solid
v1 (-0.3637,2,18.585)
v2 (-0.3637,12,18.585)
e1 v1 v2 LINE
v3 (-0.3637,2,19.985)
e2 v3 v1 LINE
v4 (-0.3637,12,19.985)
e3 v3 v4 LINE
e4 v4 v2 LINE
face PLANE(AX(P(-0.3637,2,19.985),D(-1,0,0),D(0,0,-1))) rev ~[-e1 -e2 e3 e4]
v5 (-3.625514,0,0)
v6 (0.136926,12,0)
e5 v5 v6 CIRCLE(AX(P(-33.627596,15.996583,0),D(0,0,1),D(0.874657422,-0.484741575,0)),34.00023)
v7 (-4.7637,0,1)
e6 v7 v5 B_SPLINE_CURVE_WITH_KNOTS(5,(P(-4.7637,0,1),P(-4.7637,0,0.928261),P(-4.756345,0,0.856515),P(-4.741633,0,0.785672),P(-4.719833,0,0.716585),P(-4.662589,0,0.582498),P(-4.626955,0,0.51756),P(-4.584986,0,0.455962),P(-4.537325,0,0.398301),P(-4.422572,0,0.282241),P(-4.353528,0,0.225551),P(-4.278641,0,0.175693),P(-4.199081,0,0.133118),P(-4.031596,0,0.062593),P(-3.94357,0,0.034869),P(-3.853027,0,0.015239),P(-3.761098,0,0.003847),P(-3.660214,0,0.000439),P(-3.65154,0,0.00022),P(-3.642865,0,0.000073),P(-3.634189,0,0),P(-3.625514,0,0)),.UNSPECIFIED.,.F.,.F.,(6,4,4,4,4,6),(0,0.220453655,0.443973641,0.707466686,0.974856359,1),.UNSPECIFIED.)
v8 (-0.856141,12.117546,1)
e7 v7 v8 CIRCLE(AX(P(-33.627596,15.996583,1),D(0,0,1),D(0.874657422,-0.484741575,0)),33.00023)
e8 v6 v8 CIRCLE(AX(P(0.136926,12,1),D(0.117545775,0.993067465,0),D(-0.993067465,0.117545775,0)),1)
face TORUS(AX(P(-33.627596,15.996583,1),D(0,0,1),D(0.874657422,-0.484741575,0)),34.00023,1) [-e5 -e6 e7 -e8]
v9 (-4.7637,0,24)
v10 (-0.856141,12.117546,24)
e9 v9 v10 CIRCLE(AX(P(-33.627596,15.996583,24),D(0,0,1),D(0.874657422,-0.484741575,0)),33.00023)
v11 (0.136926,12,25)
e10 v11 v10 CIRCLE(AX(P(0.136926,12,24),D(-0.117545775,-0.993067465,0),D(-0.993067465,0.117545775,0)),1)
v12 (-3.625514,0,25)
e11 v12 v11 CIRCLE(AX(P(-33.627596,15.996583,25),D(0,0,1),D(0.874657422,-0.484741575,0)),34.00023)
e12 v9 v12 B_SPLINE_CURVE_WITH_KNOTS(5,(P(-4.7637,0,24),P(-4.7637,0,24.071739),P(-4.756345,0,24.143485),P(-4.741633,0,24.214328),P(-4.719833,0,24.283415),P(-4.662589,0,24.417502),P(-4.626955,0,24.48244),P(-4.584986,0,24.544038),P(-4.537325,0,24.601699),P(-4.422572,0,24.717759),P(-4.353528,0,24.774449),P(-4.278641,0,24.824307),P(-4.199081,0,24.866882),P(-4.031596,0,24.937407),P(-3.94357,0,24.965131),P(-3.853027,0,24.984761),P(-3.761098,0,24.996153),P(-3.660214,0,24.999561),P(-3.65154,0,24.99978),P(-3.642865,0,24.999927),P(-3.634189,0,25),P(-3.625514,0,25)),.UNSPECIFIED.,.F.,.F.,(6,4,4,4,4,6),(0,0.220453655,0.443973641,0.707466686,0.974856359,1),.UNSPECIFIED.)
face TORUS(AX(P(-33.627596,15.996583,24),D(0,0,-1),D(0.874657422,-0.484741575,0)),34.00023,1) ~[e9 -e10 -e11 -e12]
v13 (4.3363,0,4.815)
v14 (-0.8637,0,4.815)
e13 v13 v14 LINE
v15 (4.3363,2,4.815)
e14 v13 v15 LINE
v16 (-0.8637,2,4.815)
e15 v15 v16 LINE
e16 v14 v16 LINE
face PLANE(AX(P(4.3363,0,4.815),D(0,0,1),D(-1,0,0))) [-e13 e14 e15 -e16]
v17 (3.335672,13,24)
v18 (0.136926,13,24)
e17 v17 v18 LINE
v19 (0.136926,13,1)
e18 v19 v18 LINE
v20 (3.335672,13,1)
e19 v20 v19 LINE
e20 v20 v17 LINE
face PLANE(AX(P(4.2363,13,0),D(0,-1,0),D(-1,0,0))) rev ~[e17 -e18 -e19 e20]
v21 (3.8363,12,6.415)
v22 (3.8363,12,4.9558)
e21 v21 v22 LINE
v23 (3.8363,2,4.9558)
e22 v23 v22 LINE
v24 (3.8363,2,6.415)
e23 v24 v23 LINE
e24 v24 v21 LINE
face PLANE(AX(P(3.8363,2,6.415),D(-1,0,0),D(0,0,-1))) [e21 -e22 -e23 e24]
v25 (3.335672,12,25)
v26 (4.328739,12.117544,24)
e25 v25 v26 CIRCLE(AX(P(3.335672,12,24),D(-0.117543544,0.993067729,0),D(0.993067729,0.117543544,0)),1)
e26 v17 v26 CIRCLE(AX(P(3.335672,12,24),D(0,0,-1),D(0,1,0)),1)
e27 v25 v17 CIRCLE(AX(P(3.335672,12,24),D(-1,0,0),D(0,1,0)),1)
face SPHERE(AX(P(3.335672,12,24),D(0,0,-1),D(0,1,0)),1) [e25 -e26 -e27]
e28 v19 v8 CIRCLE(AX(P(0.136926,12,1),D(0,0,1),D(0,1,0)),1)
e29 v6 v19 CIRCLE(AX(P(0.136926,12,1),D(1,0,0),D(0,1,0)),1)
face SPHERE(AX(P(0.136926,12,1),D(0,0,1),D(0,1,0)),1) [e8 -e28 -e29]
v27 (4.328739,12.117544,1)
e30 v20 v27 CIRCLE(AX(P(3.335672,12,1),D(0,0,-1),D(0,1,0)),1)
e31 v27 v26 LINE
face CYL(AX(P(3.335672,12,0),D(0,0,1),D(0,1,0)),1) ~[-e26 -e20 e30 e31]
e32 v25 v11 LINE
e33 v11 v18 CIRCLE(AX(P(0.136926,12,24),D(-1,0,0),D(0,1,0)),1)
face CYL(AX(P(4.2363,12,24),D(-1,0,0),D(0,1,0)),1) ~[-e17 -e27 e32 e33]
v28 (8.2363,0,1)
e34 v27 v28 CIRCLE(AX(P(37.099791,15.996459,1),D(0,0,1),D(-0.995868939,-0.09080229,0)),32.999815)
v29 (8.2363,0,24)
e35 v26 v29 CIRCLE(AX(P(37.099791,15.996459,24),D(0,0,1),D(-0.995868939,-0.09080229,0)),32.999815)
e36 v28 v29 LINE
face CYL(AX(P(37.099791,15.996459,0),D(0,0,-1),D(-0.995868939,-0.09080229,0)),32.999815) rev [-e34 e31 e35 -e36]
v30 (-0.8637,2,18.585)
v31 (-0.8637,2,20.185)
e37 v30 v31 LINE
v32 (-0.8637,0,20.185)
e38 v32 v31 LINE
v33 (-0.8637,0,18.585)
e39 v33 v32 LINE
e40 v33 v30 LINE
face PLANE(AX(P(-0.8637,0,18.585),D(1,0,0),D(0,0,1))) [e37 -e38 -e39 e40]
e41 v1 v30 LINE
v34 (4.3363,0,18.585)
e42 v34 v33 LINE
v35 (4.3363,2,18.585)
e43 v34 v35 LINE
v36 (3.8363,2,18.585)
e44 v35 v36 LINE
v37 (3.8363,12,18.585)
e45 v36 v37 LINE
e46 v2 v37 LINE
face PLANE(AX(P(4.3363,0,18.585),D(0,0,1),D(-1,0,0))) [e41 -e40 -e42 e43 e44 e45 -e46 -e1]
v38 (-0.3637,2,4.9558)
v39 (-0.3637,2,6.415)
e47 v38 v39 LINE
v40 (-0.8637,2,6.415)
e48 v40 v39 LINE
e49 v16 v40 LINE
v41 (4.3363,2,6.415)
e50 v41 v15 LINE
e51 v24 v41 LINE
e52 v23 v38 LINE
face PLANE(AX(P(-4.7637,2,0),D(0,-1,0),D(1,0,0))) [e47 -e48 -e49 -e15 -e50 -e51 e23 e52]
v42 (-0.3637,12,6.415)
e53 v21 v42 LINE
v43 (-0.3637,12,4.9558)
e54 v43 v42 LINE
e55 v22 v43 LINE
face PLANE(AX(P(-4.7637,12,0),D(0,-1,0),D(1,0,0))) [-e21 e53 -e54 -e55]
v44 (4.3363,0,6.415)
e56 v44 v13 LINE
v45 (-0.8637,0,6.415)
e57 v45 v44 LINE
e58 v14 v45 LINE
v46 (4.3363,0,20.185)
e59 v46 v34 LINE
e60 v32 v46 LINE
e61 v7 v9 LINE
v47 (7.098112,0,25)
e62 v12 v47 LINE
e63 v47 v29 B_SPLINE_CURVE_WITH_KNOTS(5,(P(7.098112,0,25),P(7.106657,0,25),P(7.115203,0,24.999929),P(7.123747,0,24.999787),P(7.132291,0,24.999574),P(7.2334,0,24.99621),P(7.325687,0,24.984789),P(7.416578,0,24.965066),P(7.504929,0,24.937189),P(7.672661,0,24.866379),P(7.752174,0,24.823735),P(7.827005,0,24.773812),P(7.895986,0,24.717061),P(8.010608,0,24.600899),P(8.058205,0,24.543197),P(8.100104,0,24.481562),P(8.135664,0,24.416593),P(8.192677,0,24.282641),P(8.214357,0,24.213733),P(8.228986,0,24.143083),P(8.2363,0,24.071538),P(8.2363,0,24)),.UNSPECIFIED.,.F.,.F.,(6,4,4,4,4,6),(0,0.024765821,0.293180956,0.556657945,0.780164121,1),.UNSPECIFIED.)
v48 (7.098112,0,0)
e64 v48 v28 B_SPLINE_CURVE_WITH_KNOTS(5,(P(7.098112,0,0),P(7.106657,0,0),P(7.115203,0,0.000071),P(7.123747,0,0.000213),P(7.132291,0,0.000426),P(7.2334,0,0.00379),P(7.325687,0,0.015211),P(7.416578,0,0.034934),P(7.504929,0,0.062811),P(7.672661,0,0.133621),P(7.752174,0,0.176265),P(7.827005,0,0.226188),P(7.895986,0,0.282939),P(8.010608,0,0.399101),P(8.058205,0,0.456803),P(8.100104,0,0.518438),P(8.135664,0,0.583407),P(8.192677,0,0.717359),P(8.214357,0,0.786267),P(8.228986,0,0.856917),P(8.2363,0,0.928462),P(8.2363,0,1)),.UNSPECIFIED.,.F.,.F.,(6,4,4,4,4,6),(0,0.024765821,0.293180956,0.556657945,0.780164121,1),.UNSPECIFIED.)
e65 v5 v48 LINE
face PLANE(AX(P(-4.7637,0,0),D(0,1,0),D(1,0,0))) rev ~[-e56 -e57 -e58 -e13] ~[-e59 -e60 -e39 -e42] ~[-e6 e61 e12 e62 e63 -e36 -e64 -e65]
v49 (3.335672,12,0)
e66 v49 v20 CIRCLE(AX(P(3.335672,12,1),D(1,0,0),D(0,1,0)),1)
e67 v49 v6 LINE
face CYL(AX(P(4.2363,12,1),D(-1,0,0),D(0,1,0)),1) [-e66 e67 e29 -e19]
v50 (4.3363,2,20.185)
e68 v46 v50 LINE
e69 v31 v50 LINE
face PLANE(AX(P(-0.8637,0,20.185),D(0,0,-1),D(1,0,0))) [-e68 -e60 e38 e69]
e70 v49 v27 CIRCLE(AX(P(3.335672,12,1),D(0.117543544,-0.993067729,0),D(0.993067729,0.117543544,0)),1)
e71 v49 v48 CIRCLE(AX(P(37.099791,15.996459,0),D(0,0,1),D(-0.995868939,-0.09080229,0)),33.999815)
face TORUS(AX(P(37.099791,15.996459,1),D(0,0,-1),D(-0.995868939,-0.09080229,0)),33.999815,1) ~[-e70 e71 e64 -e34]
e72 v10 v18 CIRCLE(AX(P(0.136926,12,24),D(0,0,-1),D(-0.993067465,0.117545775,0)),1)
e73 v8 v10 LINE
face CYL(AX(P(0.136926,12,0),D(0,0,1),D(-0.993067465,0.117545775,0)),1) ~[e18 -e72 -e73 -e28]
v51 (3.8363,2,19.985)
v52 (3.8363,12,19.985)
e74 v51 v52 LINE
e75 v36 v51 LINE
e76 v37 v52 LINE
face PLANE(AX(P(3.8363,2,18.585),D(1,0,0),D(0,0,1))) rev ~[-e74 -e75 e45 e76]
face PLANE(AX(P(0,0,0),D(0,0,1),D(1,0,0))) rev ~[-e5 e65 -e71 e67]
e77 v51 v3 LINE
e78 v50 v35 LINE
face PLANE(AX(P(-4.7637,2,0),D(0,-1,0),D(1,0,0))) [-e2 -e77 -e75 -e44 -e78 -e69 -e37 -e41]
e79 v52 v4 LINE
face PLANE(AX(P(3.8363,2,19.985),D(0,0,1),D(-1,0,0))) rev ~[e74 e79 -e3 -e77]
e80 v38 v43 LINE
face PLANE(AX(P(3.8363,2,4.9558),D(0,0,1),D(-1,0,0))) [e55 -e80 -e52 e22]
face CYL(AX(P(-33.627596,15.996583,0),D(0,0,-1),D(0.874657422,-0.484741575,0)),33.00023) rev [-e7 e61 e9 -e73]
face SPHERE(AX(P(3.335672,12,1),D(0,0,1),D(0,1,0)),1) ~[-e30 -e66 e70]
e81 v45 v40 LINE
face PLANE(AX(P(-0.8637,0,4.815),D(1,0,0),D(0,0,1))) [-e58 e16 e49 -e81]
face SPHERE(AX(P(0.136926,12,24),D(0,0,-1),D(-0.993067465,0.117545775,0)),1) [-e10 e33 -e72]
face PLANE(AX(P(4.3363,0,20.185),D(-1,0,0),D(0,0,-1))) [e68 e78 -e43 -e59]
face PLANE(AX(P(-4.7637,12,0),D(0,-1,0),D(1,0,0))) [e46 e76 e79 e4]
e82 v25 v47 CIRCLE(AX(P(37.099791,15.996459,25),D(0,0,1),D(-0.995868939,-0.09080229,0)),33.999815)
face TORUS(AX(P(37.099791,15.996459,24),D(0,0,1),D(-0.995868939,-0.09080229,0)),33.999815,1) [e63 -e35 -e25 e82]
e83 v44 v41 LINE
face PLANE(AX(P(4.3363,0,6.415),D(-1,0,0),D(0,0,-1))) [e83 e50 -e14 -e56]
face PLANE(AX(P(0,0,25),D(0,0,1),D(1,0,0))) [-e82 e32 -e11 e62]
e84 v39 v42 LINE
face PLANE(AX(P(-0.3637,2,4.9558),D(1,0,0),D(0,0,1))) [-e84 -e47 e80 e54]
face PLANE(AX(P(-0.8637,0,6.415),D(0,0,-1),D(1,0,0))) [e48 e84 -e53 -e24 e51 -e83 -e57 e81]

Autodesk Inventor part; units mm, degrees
ref_plane "YZ Plane" through (0, 0, 0) normal (1, 0, 0) x (0, 1, 0)
ref_plane "XZ Plane" through (0, 0, 0) normal (0, 1, 0) x (-1, 0, 0)
ref_plane "XY Plane" through (0, 0, 0) normal (0, 0, 1) x (1, 0, 0)
sketch "Sketch1" plane through (0, 0, 0) normal (0, 0, 1) x (1, 0, 0)
  line L0 (-4.7637, 0) -> (8.2363, 0)
  line L1 (8.2363, 0) -> (8.2363, 13)
  line L2 (8.2363, 13) -> (-4.7637, 13)
  line L3 (-4.7637, 13) -> (-4.7637, 0)
  arc A0 (-4.7637, 0) -> (-0.7637, 13) centre (-33.6274, 15.9965) ccw
  arc A1 (4.2363, 13) -> (8.2363, 0) centre (37.1, 15.9965) ccw
  point P0 (0, 0)
  dimension "d0" = 13
  dimension "d1" = 13
  dimension "d2" = 4
  dimension "d3" = 4
  dimension "d4" = 33
  dimension "d5" = 33
extrude "Extrusion1" add sketch "Sketch1" along normal blind 25 contours A0 L2 A1 L0
sketch "Sketch2" plane through (-4.7637, 0, 0) normal (0, -1, 0) x (1, 0, 0)
  line L0 (3.9, 20.185) -> (9.1, 20.185)
  line L1 (9.1, 20.185) -> (9.1, 18.585)
  line L2 (9.1, 18.585) -> (3.9, 18.585)
  line L3 (3.9, 18.585) -> (3.9, 20.185)
  line L4 (3.9, 6.415) -> (9.1, 6.415)
  line L5 (9.1, 6.415) -> (9.1, 4.815)
  line L6 (9.1, 4.815) -> (3.9, 4.815)
  line L7 (3.9, 4.815) -> (3.9, 6.415)
  line L8 (0, 0) -> (0, 25) projected
  line L9 (0, 25) -> (13, 25) projected
  point P0 (4.7637, 0)
  dimension "d8" = 5.2
  dimension "d9" = 3.9
  dimension "d10" = 1.6
  dimension "d11" = 1.6
  dimension "d12" = 15.37
  dimension "d13" = 4.815
  dimension "d23" = 13
extrude "Extrusion2" cut sketch "Sketch2" against normal blind 2
fillet "Fillet1" radius 1 8 edges at (4.2363, 13, 12.5) (1.7363, 13, 25) (-0.7637, 13, 12.5) (1.7363, 13, 0) (5.5593, 6.2917, 25) (-2.0867, 6.2917, 25) (5.5593, 6.2917, 0) (-2.0867, 6.2917, 0)
sketch "Sketch4" plane through (-4.7637, 2, 0) normal (0, -1, 0) x (1, 0, 0)
  point P0 (4.7637, 0)
sketch "Sketch5" plane through (-4.7637, 2, 0) normal (0, -1, 0) x (1, 0, 0)
  line L0 (3.9, 18.585) -> (9.1, 18.585) projected
  line L1 (8.6, 19.985) -> (4.4, 19.985)
  line L2 (4.4, 19.985) -> (4.4, 18.585)
  line L3 (4.4, 18.585) -> (8.6, 18.585)
  line L4 (8.6, 18.585) -> (8.6, 19.985)
  line L5 (3.9, 18.585) -> (3.9, 20.185) projected
  line L6 (9.1, 20.185) -> (9.1, 18.585) projected
  line L7 (9.1, 6.415) -> (3.9, 6.415) projected
  line L8 (4.4, 6.415) -> (8.6, 6.415)
  line L9 (8.6, 6.415) -> (8.6, 4.9558)
  line L10 (8.6, 4.9558) -> (4.4, 4.9558)
  line L11 (4.4, 4.9558) -> (4.4, 6.415)
  point P0 (4.7637, 0)
  dimension "d24" = 1.4
  dimension "d25" = 0.5
  dimension "d26" = 0.5
extrude "Extrusion4" cut sketch "Sketch5" against normal blind 10
properties part number "DoubleSliderCap"
